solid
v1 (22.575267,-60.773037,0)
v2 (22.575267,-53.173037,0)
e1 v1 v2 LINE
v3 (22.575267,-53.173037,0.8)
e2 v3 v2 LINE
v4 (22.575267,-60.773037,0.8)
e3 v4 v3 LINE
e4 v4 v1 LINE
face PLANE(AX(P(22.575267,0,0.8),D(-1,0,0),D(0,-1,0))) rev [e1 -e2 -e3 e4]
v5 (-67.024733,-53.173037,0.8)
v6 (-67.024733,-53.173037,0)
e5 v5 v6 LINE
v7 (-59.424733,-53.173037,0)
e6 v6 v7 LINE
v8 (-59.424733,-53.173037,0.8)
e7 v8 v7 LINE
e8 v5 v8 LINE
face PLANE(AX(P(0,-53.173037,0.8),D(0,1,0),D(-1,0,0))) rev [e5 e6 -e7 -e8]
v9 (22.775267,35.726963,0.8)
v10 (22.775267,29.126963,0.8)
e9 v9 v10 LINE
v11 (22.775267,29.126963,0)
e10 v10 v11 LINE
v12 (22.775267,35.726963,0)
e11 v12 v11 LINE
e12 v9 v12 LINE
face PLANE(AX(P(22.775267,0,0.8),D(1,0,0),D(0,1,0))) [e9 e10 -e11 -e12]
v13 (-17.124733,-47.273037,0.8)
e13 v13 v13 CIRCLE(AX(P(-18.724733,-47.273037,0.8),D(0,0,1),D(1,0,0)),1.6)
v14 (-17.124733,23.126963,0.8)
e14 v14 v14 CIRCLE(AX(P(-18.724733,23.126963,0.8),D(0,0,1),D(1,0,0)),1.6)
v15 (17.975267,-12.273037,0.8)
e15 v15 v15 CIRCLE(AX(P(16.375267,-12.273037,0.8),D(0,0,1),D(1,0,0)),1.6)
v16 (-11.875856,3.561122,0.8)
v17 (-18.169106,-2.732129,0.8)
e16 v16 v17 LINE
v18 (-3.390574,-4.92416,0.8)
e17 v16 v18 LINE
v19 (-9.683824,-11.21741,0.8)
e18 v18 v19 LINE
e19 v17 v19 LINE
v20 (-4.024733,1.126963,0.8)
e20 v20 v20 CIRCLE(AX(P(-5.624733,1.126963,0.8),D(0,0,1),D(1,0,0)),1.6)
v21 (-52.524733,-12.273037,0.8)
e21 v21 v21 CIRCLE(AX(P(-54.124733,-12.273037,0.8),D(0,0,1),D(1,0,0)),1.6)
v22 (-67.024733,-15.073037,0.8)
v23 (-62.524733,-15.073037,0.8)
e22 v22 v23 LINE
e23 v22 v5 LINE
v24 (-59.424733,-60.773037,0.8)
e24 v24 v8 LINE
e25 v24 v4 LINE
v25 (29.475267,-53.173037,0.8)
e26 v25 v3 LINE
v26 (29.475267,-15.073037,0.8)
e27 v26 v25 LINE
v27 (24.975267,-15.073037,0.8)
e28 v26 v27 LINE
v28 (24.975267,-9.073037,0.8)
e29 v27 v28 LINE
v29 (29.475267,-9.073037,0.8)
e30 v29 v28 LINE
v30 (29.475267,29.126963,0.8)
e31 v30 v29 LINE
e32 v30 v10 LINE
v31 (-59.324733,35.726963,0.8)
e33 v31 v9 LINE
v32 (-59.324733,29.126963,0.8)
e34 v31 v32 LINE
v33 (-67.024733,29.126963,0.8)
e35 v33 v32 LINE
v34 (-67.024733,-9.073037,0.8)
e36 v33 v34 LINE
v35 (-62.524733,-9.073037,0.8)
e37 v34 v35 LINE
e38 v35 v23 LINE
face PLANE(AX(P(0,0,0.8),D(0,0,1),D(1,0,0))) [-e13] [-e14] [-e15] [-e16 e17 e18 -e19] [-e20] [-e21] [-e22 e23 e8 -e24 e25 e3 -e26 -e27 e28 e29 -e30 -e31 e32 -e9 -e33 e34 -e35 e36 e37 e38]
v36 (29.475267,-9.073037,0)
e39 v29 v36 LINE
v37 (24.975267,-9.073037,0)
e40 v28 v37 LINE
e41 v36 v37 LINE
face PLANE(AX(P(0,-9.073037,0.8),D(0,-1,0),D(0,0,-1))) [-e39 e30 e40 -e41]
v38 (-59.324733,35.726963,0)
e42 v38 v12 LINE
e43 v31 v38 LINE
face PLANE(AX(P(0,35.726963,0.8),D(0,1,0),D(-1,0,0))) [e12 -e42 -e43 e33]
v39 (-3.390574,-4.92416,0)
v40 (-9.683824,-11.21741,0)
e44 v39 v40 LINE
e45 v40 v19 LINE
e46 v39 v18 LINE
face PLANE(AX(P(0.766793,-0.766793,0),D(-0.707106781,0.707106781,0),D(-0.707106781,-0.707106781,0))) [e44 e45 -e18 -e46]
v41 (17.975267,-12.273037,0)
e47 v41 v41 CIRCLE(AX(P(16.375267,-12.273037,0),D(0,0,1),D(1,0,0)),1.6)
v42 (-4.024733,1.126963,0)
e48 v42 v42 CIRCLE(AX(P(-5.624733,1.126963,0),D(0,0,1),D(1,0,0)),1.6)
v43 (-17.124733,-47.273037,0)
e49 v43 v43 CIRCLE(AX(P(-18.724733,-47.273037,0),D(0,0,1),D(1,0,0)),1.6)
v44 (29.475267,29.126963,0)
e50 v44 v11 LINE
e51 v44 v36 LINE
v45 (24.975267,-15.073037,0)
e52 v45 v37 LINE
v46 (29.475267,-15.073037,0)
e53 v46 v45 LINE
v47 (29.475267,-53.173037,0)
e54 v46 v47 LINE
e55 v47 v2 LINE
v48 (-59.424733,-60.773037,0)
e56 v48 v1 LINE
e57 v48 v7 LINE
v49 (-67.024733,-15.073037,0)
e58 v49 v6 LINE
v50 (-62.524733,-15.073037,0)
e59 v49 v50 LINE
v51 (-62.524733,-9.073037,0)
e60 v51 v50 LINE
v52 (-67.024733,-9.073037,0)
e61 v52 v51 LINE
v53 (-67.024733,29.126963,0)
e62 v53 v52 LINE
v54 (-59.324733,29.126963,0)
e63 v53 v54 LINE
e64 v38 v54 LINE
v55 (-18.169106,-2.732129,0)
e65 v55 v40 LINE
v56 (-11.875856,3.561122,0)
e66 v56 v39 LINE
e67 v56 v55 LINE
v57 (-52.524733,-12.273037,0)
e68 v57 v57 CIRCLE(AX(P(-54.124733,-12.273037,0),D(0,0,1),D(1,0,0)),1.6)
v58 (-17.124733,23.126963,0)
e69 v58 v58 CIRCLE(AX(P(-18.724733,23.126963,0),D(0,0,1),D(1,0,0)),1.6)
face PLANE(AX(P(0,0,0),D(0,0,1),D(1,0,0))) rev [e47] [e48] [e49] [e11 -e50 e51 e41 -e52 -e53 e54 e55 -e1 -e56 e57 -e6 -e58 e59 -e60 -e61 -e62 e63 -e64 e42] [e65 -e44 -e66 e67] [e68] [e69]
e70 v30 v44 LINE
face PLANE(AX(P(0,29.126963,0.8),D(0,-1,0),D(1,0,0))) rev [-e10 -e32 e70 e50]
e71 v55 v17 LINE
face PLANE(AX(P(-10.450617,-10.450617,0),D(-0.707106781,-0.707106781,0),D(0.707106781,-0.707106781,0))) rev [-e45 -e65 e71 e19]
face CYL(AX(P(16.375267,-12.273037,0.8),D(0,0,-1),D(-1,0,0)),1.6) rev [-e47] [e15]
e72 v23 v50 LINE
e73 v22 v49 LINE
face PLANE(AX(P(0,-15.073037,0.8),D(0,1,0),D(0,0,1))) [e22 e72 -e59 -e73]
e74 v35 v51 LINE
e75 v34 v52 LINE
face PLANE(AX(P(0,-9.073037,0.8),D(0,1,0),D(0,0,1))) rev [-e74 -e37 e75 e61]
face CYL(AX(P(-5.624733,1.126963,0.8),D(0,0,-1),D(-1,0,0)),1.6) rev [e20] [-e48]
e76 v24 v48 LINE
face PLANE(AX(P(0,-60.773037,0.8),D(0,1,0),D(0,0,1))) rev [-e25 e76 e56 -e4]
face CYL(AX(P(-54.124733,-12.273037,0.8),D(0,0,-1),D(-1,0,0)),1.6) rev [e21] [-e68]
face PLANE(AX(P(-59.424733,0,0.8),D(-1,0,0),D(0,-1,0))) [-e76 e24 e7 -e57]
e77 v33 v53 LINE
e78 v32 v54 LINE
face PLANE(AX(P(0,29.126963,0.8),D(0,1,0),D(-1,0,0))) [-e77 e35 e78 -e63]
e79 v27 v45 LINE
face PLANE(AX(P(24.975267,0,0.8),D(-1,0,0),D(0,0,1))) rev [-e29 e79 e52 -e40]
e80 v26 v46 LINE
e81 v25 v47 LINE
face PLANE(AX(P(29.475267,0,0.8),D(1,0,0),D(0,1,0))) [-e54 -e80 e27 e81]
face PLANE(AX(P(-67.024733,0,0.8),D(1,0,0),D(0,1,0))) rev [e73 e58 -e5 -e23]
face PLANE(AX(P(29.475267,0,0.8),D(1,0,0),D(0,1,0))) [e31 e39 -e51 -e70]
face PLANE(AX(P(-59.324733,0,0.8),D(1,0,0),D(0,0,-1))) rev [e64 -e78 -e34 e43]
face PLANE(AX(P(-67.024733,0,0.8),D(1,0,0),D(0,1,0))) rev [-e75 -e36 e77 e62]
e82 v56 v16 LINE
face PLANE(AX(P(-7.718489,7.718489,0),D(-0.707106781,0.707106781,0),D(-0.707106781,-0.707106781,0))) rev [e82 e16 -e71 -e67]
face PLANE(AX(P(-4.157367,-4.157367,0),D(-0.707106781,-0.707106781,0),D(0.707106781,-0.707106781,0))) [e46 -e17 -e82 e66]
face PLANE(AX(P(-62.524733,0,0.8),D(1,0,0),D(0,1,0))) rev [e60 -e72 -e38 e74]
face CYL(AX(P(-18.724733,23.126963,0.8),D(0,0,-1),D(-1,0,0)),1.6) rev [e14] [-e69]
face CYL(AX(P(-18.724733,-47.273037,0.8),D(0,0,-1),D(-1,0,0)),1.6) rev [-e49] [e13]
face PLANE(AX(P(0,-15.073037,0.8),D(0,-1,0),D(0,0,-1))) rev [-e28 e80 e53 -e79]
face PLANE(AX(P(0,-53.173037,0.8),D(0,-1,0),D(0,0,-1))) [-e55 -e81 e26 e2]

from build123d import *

# Parameters (mm, degrees)
SKETCH1_R           = 1.6
BOSS_EXTRUDE1_DEPTH = 0.8
CUT_EXTRUDE1_DEPTH  = 0.8


with BuildPart() as part:
    # Sketch1 → Boss-Extrude1 (new body)
    with BuildSketch(Plane.XY):
        Polygon((22.775267328, 35.726963173), (-59.324732672, 35.726963173), (-59.324732672, 29.126963173), (-67.024732672, 29.126963173), (-67.024732672, -9.073036827), (-62.524732672, -9.073036827), (-62.524732672, -15.073036827), (-67.024732672, -15.073036827), (-67.024732672, -53.173036827), (-59.424732672, -53.173036827), (-59.424732672, -60.773036827), (22.575267328, -60.773036827), (22.575267328, -53.173036827), (29.475267328, -53.173036827), (29.475267328, -15.073036827), (24.975267328, -15.073036827), (24.975267328, -9.073036827), (29.475267328, -9.073036827), (29.475267328, 29.126963173), (22.775267328, 29.126963173), align=None)
        with Locations((-18.724732672, -47.273036827)):
            Circle(SKETCH1_R, mode=Mode.SUBTRACT)
        with Locations((-54.124732672, -12.273036827)):
            Circle(SKETCH1_R, mode=Mode.SUBTRACT)
        with Locations((-5.624732672, 1.126963173)):
            Circle(SKETCH1_R, mode=Mode.SUBTRACT)
        with Locations((16.375267328, -12.273036827)):
            Circle(SKETCH1_R, mode=Mode.SUBTRACT)
        with Locations((-18.724732672, 23.126963173)):
            Circle(SKETCH1_R, mode=Mode.SUBTRACT)
    extrude(amount=BOSS_EXTRUDE1_DEPTH)

    # Sketch2 → Cut-Extrude1 (cut)
    with BuildSketch(Plane.XY.offset(0.8)):
        Polygon((-7.931660886, -9.465246416), (-16.416942261, -0.979965042), (-18.169105872, -2.732128653), (-9.683824497, -11.217410027), align=None)
        Polygon((-5.032523083, -6.566108613), (-13.517804458, 1.919172761), (-16.416942261, -0.979965042), (-7.931660886, -9.465246416), align=None)
        Polygon((-3.390574145, -4.924159675), (-11.875855519, 3.5611217), (-13.517804458, 1.919172761), (-5.032523083, -6.566108613), align=None)
    extrude(amount=-CUT_EXTRUDE1_DEPTH, mode=Mode.SUBTRACT)


solid = part.part
